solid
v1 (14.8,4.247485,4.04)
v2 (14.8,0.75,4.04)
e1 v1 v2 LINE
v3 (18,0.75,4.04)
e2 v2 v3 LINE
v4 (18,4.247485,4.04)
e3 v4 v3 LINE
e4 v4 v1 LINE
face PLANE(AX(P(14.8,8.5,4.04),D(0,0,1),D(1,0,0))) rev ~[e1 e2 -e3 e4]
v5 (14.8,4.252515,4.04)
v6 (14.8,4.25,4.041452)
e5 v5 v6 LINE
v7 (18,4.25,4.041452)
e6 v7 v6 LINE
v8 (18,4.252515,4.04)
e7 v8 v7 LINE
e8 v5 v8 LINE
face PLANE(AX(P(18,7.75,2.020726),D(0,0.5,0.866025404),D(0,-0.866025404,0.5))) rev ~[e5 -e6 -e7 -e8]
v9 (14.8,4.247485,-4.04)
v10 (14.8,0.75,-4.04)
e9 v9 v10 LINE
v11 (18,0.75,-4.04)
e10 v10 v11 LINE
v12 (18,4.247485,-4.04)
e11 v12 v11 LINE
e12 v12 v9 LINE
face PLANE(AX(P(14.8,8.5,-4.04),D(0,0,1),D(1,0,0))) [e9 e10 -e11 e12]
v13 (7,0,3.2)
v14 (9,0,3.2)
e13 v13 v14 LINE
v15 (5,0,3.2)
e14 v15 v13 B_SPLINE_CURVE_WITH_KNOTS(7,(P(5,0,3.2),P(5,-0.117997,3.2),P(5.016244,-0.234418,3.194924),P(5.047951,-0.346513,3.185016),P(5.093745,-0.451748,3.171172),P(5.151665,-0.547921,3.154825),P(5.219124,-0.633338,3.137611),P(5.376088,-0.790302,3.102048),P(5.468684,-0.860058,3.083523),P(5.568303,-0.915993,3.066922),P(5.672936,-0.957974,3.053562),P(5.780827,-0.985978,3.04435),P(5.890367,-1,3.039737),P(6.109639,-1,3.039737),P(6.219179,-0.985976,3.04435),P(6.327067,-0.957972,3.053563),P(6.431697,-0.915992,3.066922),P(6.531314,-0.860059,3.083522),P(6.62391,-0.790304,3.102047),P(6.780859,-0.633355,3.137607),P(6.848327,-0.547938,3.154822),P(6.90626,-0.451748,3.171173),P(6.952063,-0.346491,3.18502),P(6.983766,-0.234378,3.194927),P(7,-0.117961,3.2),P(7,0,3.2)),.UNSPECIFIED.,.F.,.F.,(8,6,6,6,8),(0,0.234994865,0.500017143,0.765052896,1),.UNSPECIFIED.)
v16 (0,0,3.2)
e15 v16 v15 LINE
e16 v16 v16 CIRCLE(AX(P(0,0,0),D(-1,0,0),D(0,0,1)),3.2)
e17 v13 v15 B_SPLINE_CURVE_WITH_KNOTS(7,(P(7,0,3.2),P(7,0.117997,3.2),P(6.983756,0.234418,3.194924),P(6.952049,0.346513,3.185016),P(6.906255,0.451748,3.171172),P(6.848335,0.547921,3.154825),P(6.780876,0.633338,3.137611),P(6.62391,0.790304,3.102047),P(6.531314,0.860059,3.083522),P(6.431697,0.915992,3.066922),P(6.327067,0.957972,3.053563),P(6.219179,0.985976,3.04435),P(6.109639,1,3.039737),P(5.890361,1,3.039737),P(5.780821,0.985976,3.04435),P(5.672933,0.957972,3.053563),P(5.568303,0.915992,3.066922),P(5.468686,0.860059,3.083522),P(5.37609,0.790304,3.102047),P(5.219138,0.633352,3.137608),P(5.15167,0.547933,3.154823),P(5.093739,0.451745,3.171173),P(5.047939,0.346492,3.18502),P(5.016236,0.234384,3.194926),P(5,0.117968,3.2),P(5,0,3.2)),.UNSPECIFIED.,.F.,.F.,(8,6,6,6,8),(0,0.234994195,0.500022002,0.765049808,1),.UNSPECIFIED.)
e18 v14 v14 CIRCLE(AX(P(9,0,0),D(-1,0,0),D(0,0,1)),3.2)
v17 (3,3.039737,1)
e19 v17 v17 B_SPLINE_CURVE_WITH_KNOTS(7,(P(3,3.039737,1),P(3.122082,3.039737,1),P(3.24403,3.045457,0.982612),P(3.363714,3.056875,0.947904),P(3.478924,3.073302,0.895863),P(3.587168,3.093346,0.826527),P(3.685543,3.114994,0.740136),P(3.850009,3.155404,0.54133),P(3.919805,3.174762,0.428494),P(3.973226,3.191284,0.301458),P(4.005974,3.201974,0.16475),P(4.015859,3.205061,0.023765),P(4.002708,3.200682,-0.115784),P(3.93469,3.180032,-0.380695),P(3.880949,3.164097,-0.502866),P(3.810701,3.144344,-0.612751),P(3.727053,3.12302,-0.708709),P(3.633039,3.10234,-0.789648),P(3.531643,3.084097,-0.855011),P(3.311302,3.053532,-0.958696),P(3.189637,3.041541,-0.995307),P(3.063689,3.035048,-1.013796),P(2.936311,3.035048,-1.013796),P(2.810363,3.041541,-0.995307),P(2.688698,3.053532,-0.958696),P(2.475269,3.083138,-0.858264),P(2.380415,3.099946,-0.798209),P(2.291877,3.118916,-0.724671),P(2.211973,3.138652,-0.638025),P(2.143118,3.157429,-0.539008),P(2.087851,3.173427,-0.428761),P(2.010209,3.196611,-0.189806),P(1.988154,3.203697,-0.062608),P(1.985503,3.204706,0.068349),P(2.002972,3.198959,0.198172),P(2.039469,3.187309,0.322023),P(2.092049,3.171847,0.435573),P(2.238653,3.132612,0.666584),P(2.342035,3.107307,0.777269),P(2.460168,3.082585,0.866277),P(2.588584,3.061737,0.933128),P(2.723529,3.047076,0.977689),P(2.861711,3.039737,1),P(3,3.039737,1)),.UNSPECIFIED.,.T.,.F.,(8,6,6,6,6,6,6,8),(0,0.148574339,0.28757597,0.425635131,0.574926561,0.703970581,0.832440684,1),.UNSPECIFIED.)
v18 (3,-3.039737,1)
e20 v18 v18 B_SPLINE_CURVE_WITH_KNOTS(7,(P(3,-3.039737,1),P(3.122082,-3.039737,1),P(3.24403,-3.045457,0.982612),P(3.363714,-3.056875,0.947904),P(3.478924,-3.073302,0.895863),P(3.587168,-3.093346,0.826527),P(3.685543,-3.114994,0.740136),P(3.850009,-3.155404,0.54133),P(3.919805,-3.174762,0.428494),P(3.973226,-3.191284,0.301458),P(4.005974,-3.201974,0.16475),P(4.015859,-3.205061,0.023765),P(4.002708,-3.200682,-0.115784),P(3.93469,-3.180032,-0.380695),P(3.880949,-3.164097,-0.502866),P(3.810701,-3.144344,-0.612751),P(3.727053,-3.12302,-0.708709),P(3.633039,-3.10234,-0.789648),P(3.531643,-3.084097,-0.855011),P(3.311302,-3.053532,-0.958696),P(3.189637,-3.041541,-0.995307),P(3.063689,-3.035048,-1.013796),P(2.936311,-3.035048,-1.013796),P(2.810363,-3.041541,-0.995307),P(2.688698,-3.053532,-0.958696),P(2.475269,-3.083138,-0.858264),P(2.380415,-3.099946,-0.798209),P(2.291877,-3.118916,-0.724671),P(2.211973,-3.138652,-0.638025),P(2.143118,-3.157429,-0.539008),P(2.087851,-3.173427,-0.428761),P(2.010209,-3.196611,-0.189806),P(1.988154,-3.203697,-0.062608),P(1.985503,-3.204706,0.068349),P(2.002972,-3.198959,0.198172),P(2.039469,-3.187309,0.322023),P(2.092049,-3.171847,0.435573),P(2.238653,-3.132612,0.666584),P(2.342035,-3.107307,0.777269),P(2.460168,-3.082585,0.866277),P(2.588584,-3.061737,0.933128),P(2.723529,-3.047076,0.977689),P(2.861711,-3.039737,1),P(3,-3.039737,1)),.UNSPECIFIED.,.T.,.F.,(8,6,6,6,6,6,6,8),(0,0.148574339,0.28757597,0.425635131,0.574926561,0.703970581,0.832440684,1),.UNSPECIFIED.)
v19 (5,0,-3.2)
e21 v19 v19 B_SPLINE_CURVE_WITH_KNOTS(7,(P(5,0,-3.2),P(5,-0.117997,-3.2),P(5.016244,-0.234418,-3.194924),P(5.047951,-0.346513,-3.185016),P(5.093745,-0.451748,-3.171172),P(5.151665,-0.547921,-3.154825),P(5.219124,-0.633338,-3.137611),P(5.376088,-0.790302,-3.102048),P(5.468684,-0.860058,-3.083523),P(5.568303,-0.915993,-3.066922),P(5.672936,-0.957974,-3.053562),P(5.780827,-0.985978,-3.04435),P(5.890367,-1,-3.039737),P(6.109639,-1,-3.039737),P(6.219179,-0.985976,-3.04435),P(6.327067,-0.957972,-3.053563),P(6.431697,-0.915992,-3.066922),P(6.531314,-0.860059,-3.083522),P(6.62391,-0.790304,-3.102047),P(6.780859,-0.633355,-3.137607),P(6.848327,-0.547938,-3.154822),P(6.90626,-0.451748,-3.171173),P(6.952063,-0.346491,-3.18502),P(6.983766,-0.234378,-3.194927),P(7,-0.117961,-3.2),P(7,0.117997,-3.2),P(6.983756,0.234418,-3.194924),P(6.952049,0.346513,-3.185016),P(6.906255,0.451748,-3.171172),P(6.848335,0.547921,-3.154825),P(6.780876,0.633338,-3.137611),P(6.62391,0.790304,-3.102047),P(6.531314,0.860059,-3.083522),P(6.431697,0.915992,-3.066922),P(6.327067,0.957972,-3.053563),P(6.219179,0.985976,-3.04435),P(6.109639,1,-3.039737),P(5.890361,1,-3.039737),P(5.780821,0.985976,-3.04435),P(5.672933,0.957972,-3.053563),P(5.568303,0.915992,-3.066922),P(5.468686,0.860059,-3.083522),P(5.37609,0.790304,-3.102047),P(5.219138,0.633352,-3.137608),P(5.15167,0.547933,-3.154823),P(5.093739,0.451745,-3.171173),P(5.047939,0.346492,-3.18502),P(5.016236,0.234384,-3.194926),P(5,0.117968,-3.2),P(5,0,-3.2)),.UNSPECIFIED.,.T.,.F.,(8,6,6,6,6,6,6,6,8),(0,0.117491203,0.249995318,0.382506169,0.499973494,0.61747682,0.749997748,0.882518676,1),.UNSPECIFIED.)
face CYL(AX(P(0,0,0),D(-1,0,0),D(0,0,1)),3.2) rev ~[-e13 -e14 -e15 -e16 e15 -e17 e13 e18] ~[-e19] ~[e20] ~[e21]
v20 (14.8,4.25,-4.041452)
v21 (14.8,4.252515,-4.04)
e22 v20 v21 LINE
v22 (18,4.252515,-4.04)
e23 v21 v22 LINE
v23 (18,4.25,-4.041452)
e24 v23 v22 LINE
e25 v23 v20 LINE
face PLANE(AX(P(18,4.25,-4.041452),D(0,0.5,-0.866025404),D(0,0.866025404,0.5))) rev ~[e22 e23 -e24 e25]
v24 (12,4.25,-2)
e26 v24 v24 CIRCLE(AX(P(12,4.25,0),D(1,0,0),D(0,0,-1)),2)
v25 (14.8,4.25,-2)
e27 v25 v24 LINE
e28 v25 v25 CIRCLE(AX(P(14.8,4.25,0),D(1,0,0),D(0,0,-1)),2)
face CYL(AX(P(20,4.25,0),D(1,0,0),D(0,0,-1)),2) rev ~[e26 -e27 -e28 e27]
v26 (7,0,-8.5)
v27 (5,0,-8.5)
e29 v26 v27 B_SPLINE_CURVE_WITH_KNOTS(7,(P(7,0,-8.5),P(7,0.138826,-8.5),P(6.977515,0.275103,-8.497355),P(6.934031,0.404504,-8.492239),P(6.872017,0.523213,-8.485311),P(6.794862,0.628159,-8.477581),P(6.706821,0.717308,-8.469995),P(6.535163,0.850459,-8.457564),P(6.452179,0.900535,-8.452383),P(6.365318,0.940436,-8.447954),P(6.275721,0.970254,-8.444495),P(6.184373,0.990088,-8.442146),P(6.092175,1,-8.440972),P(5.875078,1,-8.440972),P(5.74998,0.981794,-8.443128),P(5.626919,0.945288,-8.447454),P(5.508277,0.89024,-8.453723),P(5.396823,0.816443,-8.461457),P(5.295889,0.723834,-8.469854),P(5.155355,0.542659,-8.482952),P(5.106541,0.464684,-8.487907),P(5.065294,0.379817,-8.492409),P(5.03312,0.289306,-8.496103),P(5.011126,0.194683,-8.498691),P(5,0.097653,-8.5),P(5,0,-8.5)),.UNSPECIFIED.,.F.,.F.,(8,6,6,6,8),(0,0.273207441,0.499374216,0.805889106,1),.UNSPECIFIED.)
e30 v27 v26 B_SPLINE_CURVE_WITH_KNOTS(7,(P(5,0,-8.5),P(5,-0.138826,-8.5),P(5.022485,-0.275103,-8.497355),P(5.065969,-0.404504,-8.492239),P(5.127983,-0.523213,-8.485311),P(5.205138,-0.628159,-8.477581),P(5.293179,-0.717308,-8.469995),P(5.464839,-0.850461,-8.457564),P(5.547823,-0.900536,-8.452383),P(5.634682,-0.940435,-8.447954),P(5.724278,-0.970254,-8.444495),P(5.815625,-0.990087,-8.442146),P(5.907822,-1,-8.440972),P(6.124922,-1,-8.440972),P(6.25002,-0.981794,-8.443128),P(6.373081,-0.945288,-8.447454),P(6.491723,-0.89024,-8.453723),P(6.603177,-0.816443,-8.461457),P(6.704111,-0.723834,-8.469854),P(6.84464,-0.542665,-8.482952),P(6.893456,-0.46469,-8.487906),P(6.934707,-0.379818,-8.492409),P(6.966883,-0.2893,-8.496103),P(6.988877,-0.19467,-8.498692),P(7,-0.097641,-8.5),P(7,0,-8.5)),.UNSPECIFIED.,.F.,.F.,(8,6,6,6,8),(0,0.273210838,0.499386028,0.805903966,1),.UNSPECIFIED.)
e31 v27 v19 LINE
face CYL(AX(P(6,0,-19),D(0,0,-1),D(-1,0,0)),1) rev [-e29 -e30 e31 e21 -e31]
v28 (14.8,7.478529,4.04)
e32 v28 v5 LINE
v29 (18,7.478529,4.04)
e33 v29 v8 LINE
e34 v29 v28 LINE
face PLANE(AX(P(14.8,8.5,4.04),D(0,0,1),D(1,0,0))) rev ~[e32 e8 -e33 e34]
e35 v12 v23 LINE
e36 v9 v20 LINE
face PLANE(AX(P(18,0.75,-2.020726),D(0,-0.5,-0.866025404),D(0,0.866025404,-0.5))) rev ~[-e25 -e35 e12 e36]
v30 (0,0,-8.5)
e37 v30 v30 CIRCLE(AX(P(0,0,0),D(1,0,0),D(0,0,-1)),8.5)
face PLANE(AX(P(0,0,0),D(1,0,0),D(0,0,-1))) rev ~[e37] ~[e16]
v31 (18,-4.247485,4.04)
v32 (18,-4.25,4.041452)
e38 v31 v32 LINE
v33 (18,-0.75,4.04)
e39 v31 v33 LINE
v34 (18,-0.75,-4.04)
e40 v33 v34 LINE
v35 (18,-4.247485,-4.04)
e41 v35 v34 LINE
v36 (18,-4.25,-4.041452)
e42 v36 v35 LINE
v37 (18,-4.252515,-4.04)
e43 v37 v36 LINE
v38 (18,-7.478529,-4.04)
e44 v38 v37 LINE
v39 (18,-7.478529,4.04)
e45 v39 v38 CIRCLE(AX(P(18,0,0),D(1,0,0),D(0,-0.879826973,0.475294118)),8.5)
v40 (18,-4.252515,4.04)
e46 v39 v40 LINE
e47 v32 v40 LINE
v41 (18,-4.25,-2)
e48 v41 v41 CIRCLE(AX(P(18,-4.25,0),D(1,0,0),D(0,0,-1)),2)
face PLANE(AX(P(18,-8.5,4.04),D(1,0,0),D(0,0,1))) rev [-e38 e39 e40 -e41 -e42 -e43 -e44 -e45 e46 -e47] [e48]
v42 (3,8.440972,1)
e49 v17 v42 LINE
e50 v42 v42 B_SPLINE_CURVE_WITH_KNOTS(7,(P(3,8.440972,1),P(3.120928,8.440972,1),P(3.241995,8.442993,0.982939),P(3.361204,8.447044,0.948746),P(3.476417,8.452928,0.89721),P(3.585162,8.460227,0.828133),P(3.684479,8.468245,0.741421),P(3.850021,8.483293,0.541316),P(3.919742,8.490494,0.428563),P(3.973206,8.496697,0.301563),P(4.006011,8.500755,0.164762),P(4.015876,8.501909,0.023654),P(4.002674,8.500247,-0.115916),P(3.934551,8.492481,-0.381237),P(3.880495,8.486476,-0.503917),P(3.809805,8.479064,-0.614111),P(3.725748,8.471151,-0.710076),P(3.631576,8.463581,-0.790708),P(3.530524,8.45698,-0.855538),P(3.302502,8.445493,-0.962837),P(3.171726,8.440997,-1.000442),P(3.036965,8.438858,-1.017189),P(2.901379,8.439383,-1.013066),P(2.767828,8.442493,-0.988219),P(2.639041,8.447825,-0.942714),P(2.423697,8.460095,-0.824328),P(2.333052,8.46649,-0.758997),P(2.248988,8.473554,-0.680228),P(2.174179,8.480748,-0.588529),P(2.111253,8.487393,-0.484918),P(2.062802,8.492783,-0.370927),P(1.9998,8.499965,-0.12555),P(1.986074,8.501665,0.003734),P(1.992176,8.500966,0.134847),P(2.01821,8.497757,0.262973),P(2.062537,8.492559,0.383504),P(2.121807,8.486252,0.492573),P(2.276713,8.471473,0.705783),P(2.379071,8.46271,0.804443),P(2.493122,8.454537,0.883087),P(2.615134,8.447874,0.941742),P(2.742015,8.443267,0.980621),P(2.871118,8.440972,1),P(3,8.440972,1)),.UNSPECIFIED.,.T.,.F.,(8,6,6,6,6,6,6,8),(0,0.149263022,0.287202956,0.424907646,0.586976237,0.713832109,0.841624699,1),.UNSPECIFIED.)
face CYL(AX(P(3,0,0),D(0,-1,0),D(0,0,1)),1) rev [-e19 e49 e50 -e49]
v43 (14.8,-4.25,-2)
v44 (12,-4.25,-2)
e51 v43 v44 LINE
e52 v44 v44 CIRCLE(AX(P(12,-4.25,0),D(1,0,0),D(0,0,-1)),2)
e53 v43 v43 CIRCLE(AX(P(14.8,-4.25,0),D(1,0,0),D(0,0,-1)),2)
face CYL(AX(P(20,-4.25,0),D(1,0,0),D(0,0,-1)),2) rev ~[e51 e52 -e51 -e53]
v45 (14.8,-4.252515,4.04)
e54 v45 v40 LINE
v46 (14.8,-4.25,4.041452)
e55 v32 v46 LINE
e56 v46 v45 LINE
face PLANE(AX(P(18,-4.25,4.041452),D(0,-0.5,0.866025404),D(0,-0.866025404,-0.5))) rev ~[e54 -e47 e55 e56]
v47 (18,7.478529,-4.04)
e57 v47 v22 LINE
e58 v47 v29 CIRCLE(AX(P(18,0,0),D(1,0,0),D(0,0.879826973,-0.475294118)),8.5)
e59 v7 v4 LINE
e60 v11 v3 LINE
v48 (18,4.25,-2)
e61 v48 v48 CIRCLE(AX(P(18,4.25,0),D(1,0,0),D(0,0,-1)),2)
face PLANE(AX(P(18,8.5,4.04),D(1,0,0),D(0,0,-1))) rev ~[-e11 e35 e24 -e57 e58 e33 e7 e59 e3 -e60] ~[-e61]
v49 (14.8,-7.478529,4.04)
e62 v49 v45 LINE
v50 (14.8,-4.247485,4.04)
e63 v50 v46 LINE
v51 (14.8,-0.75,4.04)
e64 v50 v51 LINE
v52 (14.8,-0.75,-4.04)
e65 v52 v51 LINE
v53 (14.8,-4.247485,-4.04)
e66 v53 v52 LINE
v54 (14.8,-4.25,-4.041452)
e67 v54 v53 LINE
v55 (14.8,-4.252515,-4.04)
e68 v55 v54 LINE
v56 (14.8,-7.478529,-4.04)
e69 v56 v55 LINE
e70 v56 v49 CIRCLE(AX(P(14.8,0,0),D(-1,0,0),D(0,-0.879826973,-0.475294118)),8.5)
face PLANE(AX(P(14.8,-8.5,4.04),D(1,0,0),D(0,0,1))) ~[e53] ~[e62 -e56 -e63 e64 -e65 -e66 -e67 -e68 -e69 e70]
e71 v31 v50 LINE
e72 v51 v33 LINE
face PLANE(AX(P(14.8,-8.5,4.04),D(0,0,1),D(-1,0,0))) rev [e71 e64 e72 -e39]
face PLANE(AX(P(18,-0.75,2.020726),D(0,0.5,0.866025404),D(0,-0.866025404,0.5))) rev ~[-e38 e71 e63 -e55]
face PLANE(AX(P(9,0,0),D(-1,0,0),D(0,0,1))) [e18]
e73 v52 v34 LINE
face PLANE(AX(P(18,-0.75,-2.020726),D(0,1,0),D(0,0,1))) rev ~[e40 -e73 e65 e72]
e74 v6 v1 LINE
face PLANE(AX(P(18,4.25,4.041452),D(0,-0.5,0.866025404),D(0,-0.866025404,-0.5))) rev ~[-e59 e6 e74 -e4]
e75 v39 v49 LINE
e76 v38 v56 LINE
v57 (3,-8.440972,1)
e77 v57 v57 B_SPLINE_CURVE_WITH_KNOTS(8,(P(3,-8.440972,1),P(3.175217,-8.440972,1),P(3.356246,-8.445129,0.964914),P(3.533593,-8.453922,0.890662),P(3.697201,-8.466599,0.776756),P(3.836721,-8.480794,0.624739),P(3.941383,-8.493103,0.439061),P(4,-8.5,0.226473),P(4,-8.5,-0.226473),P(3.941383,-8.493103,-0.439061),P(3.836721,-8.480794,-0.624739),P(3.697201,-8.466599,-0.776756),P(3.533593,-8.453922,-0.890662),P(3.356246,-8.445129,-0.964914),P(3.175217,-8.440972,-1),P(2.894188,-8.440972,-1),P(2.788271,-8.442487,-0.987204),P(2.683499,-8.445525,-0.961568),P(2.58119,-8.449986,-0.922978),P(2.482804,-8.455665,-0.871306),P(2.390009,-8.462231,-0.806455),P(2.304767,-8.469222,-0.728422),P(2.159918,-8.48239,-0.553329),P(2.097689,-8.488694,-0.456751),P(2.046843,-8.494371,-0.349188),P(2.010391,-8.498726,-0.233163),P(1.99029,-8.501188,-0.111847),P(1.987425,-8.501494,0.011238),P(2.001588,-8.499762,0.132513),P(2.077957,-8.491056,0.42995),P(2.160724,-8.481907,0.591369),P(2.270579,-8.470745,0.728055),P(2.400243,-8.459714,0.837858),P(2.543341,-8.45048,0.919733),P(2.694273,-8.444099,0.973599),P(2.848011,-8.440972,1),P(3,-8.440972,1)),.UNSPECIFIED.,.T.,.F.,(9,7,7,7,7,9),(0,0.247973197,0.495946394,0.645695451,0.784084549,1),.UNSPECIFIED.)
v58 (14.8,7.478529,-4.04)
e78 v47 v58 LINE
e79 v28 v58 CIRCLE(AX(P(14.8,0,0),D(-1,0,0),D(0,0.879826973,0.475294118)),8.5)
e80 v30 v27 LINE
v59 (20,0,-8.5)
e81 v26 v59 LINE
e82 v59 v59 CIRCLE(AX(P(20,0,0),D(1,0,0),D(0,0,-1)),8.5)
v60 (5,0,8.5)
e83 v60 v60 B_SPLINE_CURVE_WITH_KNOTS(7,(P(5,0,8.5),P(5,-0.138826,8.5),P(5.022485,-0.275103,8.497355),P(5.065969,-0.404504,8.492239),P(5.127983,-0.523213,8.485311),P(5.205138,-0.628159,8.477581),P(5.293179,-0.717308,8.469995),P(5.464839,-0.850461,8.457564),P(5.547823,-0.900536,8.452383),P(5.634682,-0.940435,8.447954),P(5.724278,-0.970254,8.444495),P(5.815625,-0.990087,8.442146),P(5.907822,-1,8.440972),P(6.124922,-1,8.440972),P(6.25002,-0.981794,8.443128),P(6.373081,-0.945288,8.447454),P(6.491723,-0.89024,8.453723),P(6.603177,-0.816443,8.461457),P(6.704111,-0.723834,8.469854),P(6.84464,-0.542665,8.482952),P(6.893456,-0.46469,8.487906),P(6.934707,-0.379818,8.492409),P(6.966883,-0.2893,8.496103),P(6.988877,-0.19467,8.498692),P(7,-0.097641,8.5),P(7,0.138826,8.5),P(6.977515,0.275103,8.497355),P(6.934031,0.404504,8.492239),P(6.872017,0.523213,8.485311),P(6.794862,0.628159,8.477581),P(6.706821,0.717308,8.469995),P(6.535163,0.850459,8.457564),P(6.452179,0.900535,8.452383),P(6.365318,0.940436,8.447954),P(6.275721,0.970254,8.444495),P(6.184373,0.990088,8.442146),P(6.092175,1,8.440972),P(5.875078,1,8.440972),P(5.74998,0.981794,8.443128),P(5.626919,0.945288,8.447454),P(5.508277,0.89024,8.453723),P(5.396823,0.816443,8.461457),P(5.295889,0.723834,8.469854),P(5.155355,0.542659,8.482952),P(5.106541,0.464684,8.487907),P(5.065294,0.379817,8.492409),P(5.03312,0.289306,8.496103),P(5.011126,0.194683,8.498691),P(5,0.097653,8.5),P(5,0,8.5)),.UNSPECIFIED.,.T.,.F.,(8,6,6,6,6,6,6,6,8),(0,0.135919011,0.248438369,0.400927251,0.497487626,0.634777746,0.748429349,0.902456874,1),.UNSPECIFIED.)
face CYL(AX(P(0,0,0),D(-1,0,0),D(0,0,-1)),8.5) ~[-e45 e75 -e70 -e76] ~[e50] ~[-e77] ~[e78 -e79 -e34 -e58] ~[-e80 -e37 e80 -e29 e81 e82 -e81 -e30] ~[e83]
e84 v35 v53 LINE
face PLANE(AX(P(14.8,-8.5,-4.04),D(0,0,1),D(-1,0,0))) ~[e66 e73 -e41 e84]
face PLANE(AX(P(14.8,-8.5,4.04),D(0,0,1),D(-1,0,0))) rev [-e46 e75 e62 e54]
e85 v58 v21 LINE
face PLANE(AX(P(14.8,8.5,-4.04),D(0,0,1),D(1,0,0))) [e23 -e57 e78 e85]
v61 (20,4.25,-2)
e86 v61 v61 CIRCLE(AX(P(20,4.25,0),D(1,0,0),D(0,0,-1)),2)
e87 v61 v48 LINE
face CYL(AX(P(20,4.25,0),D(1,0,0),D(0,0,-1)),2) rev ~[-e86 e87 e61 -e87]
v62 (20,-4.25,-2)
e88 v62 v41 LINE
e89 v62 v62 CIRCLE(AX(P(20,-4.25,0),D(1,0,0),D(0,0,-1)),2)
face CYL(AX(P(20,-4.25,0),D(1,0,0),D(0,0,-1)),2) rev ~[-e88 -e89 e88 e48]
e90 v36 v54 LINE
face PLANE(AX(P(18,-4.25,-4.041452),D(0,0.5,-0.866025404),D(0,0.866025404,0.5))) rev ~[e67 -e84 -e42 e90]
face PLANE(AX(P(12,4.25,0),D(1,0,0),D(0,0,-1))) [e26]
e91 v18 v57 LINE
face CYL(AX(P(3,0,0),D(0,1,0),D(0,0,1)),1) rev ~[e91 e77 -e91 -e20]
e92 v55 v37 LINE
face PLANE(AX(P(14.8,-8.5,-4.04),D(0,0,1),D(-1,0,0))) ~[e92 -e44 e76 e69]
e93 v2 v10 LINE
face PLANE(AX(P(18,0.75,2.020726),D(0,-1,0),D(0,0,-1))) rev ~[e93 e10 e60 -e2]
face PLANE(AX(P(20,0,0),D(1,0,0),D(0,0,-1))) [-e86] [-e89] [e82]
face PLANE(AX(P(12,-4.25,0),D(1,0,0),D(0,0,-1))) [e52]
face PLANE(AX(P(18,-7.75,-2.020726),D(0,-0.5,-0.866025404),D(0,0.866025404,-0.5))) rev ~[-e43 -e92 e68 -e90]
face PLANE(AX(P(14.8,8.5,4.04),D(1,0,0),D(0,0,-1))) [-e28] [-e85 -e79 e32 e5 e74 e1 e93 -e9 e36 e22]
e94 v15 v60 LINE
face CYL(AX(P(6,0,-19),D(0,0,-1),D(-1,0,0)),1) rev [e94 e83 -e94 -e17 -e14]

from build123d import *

# Parameters (mm, degrees)
SKETCH_1_R                      = 8.5
EXTRUDE_1_DEPTH                 = 20
SKETCH_2_R                      = 3.2
CUT_EXTRUDE_1_DEPTH             = 9
CUT_EXTRUDE_2_REACH             = 25.335
SKETCH_3_R                      = 1
CUT_EXTRUDE_2_DIRECTION_2_REACH = 25.335
CUT_EXTRUDE_3_DEPTH             = 21
CUT_EXTRUDE_3_DEPTH_BACK        = 19
SKETCH_4_R                      = 1
SKETCH_5_R                      = 2
CUT_EXTRUDE_4_DEPTH             = 8
CUT_EXTRUDE_6_DEPTH             = 3.2
SKETCH_10_W                     = 3.2
SKETCH_10_H                     = 8.08
CUT_EXTRUDE_8_DEPTH             = 7.75


with BuildPart() as part:
    # 草图1 → 凸台-拉伸1 (new body)
    with BuildSketch(Plane(origin=(0, 0, 0), x_dir=(0, 0, -1), z_dir=(1, 0, 0))):
        Circle(SKETCH_1_R)
    extrude(amount=EXTRUDE_1_DEPTH)

    # 草图2 → 切除-拉伸1 (cut)
    with BuildSketch(Plane.ZY):
        Circle(SKETCH_2_R)
    extrude(amount=-CUT_EXTRUDE_1_DEPTH, mode=Mode.SUBTRACT)

    # 草图3 → 切除-拉伸2 (cut, up to next)
    with BuildSketch(Plane(origin=(0, 0, 0), x_dir=(1, 0, 0), z_dir=(0, 1, 0)), mode=Mode.PRIVATE) as cut_extrude_2_sk1:
        with Locations(Location((3, 0, 0), (0, 0, 270))):
            Circle(SKETCH_3_R)
    cut_extrude_2_tool1 = extrude(cut_extrude_2_sk1.sketch, amount=-CUT_EXTRUDE_2_REACH, mode=Mode.PRIVATE) & part.part
    add(cut_extrude_2_tool1.solids().sort_by_distance((3, 0, 0))[0], mode=Mode.SUBTRACT)

    # 草图3 → 切除-拉伸2 direction 2 (cut, up to next)
    with BuildSketch(Plane(origin=(0, 0, 0), x_dir=(1, 0, 0), z_dir=(0, 1, 0)), mode=Mode.PRIVATE) as cut_extrude_2_direction_2_sk1:
        with Locations(Location((3, 0, 0), (0, 0, 270))):
            Circle(SKETCH_3_R)
    cut_extrude_2_direction_2_tool1 = extrude(cut_extrude_2_direction_2_sk1.sketch, amount=CUT_EXTRUDE_2_DIRECTION_2_REACH, mode=Mode.PRIVATE) & part.part
    add(cut_extrude_2_direction_2_tool1.solids().sort_by_distance((3, 0, 0))[0], mode=Mode.SUBTRACT)

    # 草图4 → 切除-拉伸3 (cut, two sides: drawn at the far end of the back side and taken through both)
    with BuildSketch(Plane.XY.offset(-CUT_EXTRUDE_3_DEPTH_BACK)):
        with Locations(Location((6, 0, 0), (0, 0, 180))):
            Circle(SKETCH_4_R)
    extrude(amount=CUT_EXTRUDE_3_DEPTH + CUT_EXTRUDE_3_DEPTH_BACK, mode=Mode.SUBTRACT)

    # 草图5 → 切除-拉伸4 (cut)
    with BuildSketch(Plane(origin=(20, 0, 0), x_dir=(0, 0, -1), z_dir=(1, 0, 0))):
        with Locations((0, 4.25)):
            Circle(SKETCH_5_R)
        with Locations((0, -4.25)):
            Circle(SKETCH_5_R)
    extrude(amount=-CUT_EXTRUDE_4_DEPTH, mode=Mode.SUBTRACT)

    # 草图8 → 切除-拉伸6 (cut)
    with BuildSketch(Plane(origin=(18, 0, 0), x_dir=(0, 0, -1), z_dir=(1, 0, 0))):
        Polygon((-4.041451884, 4.25), (-2.020725942, 0.75), (2.020725942, 0.75), (4.041451884, 4.25), (2.020725942, 7.75), (-2.020725942, 7.75), align=None)
        Polygon((4.041451884, -4.25), (2.020725942, -0.75), (-2.020725942, -0.75), (-4.041451884, -4.25), (-2.020725942, -7.75), (2.020725942, -7.75), align=None)
    extrude(amount=-CUT_EXTRUDE_6_DEPTH, mode=Mode.SUBTRACT)

    # 草图10 → 切除-拉伸8 (cut)
    with BuildSketch(Plane(origin=(0, 8.5, 0), x_dir=(1, 0, 0), z_dir=(0, 1, 0))):
        with Locations((16.4, 0)):
            Rectangle(SKETCH_10_W, SKETCH_10_H)
    cut_extrude_8 = extrude(amount=-CUT_EXTRUDE_8_DEPTH, mode=Mode.SUBTRACT)

    # 镜向1: 切除-拉伸8 across plane
    add(cut_extrude_8.mirror(Plane.ZX), mode=Mode.SUBTRACT)


solid = part.part
